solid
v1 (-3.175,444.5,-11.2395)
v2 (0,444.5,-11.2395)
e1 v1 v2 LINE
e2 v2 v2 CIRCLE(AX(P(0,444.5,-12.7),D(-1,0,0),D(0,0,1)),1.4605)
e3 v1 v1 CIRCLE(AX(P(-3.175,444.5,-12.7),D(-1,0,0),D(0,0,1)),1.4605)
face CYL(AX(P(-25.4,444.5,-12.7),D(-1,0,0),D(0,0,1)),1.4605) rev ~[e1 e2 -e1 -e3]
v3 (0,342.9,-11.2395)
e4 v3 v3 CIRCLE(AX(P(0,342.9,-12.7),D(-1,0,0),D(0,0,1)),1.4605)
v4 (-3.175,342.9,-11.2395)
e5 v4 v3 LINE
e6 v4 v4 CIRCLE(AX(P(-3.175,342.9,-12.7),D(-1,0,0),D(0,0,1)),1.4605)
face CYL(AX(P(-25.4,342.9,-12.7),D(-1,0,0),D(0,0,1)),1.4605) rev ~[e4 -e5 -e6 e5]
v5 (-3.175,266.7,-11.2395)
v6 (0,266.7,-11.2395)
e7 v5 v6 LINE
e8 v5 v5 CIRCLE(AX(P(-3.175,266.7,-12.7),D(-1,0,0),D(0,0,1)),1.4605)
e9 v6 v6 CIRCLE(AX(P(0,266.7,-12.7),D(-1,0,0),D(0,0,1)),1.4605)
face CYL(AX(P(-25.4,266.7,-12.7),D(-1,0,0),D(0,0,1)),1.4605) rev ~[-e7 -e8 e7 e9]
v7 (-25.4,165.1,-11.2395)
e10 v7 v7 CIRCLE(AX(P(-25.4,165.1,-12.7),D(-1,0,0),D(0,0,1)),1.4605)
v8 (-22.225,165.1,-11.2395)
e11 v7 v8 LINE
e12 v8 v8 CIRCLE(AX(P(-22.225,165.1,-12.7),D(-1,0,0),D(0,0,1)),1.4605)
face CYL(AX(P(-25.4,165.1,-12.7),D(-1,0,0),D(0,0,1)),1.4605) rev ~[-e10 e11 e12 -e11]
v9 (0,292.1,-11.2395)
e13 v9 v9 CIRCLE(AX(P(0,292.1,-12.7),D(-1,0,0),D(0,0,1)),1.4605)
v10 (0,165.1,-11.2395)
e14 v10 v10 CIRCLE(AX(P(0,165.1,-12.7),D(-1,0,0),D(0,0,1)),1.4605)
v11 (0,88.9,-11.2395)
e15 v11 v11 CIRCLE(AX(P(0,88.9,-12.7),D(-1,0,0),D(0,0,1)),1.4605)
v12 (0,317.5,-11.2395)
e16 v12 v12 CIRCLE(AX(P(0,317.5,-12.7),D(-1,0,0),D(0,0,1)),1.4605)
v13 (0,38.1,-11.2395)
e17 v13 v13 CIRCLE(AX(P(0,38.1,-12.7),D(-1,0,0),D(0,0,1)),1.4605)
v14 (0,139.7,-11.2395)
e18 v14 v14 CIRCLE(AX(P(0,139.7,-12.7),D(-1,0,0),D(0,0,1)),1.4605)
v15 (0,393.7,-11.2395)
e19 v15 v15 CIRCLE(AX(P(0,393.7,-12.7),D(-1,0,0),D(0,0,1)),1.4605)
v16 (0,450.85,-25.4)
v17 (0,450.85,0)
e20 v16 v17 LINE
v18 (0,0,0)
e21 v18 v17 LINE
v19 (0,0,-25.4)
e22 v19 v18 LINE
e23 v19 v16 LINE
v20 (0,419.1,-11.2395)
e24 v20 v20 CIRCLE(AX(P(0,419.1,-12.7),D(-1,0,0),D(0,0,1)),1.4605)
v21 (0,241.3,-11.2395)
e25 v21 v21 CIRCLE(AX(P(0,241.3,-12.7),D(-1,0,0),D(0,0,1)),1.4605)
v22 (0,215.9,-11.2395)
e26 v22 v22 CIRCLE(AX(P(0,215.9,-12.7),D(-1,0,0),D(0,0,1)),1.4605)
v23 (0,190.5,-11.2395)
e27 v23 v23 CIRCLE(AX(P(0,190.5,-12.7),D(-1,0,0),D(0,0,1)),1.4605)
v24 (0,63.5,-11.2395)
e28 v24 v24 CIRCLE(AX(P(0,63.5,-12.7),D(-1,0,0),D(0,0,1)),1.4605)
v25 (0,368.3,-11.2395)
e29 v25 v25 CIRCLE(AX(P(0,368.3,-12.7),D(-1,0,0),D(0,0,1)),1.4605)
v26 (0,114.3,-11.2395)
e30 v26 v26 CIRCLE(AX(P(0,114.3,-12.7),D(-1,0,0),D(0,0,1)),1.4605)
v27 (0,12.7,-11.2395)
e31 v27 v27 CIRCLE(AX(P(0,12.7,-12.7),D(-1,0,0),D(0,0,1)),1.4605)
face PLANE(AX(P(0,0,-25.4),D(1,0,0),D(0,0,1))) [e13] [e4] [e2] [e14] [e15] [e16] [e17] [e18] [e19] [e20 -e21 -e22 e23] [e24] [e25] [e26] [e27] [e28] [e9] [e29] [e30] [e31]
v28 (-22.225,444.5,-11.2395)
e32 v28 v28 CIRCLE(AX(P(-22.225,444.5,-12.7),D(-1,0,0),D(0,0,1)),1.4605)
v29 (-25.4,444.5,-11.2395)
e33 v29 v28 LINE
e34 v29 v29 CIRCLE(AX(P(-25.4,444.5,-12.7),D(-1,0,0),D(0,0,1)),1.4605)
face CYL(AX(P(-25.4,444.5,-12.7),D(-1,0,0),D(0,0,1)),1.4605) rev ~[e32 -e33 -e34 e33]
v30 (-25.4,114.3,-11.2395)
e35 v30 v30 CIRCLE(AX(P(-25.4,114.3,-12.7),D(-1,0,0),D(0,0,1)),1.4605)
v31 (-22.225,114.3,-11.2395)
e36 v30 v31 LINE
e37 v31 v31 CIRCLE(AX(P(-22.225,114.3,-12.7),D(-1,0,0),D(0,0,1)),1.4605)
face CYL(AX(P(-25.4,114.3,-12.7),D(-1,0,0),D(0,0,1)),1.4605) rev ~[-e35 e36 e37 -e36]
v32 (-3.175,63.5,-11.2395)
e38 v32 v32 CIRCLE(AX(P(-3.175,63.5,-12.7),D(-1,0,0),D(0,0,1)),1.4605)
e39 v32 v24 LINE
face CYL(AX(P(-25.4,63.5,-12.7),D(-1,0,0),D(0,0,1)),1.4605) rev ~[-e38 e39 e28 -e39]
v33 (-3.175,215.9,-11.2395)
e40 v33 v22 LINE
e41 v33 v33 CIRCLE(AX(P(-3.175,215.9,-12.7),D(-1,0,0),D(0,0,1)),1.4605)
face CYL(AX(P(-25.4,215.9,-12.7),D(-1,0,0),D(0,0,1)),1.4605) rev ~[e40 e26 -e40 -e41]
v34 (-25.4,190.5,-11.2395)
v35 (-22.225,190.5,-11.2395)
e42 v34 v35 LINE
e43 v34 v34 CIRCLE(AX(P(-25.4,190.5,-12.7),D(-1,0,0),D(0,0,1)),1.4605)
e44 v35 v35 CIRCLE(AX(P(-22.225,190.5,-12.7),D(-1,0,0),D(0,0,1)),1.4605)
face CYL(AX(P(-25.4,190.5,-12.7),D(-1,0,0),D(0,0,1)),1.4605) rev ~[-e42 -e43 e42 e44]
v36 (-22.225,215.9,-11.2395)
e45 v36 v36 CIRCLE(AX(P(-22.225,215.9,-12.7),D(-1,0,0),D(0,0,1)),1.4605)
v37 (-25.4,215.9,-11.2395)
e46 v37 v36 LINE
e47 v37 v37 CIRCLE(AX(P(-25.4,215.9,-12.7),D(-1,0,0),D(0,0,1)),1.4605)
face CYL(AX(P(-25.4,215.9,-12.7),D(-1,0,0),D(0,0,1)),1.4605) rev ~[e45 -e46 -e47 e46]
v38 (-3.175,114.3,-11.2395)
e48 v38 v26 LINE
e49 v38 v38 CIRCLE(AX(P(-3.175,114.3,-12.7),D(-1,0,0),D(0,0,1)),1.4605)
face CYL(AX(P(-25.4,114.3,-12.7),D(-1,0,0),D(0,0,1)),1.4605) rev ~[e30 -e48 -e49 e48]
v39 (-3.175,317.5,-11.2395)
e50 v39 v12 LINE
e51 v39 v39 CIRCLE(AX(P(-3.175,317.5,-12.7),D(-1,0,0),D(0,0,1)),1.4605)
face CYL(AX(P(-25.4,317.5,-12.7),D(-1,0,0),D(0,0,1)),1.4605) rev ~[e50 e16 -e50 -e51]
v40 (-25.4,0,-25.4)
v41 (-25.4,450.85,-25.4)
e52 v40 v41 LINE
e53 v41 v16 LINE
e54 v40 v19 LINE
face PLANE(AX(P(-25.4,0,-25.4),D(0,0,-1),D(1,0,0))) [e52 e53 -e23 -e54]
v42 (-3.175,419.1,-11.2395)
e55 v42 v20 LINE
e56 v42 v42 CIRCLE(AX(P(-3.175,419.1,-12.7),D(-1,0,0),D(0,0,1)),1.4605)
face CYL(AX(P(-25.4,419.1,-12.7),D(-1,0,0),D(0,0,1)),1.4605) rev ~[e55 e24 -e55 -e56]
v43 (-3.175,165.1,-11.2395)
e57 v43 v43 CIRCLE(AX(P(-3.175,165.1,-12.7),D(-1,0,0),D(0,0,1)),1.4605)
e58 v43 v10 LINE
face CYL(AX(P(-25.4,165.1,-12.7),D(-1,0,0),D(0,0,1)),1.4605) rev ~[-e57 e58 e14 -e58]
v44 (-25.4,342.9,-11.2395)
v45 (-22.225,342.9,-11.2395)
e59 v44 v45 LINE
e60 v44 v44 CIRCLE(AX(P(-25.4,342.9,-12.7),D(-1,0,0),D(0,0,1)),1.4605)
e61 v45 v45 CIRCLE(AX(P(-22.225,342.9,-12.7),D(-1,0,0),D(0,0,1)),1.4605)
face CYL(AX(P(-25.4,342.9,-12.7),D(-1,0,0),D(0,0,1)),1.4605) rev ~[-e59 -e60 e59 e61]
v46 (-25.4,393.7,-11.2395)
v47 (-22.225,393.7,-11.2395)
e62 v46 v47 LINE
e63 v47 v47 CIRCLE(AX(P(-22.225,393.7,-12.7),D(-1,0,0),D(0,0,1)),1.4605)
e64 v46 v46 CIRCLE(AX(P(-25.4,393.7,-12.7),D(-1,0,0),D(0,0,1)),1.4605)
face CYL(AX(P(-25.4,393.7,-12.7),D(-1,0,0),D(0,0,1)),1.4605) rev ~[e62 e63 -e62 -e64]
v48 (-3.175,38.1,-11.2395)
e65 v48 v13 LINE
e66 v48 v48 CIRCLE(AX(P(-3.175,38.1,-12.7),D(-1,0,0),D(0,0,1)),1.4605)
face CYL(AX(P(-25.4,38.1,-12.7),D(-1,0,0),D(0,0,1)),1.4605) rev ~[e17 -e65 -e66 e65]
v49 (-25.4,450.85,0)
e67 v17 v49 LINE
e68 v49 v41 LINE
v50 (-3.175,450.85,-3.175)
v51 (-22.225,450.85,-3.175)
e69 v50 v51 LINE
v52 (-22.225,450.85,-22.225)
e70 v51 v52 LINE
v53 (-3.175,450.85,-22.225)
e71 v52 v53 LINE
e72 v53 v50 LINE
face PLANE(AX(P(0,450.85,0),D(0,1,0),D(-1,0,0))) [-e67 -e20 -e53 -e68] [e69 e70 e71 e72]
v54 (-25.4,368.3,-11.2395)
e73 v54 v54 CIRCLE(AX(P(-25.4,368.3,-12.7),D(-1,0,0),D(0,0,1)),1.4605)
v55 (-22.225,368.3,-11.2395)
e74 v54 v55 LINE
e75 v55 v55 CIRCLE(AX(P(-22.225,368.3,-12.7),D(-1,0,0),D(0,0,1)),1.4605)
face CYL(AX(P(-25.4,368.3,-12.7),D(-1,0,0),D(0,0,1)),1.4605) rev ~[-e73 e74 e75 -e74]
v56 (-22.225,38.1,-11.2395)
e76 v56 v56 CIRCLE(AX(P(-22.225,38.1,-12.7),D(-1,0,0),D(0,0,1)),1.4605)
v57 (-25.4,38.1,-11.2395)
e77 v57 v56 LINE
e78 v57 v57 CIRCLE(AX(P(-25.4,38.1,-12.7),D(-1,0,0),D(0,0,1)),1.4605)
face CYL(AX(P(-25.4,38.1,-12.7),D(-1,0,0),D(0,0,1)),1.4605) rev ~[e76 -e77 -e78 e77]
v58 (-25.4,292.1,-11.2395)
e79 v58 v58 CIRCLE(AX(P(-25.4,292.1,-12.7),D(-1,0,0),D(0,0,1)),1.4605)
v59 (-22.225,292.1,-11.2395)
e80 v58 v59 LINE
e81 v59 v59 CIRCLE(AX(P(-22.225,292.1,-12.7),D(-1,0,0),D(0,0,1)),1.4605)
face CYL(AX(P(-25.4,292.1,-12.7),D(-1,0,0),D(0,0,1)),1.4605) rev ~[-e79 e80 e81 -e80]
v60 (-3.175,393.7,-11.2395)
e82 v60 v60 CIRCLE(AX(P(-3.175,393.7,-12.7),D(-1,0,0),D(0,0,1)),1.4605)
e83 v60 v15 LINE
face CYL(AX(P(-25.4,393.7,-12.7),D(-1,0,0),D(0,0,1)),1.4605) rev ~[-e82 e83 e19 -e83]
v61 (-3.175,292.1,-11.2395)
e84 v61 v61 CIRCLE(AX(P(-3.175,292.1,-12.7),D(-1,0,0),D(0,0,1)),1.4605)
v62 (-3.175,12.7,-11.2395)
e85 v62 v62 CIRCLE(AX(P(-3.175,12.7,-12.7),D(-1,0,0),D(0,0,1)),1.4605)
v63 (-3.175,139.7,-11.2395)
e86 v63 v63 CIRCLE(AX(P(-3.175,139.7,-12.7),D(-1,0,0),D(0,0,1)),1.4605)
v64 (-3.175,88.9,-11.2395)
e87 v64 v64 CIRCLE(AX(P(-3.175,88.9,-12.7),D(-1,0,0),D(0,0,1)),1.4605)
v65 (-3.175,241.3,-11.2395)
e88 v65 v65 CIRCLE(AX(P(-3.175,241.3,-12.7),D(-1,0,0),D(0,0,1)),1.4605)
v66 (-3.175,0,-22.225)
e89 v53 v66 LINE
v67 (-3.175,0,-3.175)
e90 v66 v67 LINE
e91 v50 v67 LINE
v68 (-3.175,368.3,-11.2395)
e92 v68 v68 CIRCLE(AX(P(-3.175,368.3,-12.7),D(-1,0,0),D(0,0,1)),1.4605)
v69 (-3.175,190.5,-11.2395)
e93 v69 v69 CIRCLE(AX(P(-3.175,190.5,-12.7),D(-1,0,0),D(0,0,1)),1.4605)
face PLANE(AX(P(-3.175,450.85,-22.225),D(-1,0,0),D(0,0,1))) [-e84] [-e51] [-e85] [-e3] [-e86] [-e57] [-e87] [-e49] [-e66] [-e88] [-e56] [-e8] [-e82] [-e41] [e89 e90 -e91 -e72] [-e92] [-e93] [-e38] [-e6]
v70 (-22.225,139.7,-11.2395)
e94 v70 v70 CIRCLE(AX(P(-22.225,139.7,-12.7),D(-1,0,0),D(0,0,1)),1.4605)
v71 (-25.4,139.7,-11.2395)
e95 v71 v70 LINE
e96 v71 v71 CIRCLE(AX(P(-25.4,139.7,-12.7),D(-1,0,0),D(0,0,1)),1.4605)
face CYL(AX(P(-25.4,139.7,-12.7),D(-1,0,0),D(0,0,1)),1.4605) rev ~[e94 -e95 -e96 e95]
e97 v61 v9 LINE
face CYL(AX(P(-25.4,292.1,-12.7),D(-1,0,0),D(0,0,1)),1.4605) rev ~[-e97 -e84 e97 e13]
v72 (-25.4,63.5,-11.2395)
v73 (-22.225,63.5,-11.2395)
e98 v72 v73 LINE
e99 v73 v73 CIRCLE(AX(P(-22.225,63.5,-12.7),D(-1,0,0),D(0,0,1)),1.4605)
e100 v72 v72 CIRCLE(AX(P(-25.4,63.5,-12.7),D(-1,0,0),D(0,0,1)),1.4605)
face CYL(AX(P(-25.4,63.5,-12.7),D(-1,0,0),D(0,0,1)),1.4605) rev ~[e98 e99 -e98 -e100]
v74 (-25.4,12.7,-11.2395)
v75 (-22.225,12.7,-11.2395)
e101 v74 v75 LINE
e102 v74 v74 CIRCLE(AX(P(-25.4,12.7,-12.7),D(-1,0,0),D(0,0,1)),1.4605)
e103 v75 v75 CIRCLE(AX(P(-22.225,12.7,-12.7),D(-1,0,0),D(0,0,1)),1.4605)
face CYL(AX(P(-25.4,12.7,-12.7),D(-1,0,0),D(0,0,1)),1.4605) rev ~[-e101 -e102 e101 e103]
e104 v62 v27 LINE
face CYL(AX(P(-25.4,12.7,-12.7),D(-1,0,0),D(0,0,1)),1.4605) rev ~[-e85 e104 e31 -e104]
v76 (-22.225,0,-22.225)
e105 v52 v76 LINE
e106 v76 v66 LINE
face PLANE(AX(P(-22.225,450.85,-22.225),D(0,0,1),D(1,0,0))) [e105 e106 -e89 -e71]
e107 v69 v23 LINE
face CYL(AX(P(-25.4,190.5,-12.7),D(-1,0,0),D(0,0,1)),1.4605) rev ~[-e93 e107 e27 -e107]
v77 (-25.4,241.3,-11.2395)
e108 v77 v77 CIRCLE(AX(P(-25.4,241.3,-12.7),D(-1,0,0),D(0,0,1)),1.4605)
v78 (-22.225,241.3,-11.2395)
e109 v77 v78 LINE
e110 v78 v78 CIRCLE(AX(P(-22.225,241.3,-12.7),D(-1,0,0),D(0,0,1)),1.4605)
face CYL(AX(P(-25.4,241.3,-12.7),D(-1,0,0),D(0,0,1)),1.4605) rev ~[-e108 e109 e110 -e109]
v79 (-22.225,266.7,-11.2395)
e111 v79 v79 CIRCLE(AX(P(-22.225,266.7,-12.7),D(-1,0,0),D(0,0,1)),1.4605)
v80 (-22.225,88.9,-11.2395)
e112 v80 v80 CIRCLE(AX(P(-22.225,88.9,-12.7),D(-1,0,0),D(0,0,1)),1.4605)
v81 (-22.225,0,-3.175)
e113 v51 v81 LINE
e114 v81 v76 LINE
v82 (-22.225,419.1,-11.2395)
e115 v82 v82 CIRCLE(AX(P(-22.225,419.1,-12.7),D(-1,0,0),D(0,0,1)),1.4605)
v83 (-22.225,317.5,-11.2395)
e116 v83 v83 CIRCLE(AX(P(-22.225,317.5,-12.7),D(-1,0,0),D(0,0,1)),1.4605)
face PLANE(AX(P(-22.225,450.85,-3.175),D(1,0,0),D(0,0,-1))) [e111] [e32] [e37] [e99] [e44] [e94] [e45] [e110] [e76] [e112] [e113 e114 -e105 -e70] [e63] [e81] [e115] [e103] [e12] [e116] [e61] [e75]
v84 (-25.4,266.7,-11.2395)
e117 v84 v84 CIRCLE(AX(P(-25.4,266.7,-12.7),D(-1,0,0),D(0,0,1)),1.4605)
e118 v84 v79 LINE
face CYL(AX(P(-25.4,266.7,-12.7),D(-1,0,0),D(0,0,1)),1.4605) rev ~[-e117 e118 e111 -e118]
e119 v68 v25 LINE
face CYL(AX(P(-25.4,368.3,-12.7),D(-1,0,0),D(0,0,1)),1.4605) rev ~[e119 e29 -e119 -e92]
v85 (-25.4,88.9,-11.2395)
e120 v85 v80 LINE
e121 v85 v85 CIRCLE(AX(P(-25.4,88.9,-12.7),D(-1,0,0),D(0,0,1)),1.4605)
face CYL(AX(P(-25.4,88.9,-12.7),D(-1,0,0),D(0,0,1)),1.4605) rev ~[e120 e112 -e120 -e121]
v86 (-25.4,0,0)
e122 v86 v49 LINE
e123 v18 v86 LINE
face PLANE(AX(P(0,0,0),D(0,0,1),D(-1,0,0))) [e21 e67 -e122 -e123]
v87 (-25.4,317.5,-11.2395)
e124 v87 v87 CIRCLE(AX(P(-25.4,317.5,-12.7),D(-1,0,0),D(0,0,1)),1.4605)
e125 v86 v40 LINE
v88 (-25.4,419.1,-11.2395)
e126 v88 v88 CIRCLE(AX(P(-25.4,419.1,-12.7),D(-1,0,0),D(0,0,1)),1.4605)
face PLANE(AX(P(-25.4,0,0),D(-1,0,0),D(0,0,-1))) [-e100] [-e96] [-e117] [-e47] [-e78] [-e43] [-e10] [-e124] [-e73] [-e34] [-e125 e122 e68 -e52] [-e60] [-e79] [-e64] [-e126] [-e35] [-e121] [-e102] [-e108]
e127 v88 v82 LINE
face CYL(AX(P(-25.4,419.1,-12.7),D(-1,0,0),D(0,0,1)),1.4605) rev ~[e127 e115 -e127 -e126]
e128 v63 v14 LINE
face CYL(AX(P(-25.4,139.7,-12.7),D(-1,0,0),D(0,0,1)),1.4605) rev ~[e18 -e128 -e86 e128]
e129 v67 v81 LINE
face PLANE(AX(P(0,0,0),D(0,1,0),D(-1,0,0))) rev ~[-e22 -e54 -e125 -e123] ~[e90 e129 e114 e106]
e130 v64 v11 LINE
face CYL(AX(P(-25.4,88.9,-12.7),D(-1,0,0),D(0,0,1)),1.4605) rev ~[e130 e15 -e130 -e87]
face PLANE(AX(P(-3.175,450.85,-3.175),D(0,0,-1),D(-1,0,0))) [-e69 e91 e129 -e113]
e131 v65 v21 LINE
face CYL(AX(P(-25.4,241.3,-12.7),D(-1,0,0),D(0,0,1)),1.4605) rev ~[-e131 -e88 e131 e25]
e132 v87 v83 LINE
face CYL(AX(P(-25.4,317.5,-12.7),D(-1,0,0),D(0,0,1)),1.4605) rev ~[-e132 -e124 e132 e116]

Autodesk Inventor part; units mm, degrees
ref_plane "YZ Plane" through (0, 0, 0) normal (1, 0, 0) x (0, 1, 0)
ref_plane "XZ Plane" through (0, 0, 0) normal (0, 1, 0) x (-1, 0, 0)
ref_plane "XY Plane" through (0, 0, 0) normal (0, 0, 1) x (1, 0, 0)
sketch "Sketch1" plane through (0, 0, 0) normal (0, 1, 0) x (-1, 0, 0)
  line L0 (0, 0) -> (25.4, 0)
  line L1 (25.4, 0) -> (25.4, -25.4)
  line L2 (25.4, -25.4) -> (0, -25.4)
  line L3 (0, -25.4) -> (0, 0)
  dimension "d0" = 25.4
  dimension "d1" = 25.4
extrude "Extrusion1" add sketch "Sketch1" along normal blind 450.85
sketch "Sketch2" plane through (0, 450.85, 0) normal (0, 1, 0) x (1, 0, 0)
  line L0 (-3.175, 3.175) -> (-22.225, 3.175)
  line L1 (-22.225, 3.175) -> (-22.225, 22.225)
  line L2 (-22.225, 22.225) -> (-3.175, 22.225)
  line L3 (-3.175, 22.225) -> (-3.175, 3.175)
  line L4 (0, 25.4) -> (-25.4, 25.4) projected
  line L5 (-25.4, 25.4) -> (-25.4, 0) projected
  line L6 (-25.4, 0) -> (0, 0) projected
  line L7 (0, 0) -> (0, 25.4) projected
  dimension "d4" = 3.175
  dimension "d5" = 3.175
  dimension "d6" = 3.175
  dimension "d7" = 3.175
extrude "Extrusion2" cut sketch "Sketch2" against normal blind 450.85 contours L0 L1 L2 L3
sketch "Sketch3" plane through (-25.4, 0, -25.4) normal (-1, 0, 0) x (0, 0, 1)
  circle A0 centre (12.7, 12.7) radius 1.4605
  line L0 (0, 0) -> (0, 450.85) projected
  line L1 (25.4, 0) -> (0, 0) projected
  circle A1 centre (12.7, 38.1) radius 1.4605
  circle A2 centre (12.7, 63.5) radius 1.4605
  circle A3 centre (12.7, 88.9) radius 1.4605
  circle A4 centre (12.7, 114.3) radius 1.4605
  circle A5 centre (12.7, 139.7) radius 1.4605
  circle A6 centre (12.7, 165.1) radius 1.4605
  circle A7 centre (12.7, 190.5) radius 1.4605
  circle A8 centre (12.7, 215.9) radius 1.4605
  circle A9 centre (12.7, 241.3) radius 1.4605
  circle A10 centre (12.7, 266.7) radius 1.4605
  circle A11 centre (12.7, 292.1) radius 1.4605
  circle A12 centre (12.7, 317.5) radius 1.4605
  circle A13 centre (12.7, 342.9) radius 1.4605
  circle A14 centre (12.7, 368.3) radius 1.4605
  circle A15 centre (12.7, 393.7) radius 1.4605
  circle A16 centre (12.7, 419.1) radius 1.4605
  circle A17 centre (12.7, 444.5) radius 1.4605
  dimension "d10" = 2.921
  dimension "d11" = 12.7
  dimension "d12" = 12.7
  dimension "d15" = 25.4
extrude "Extrusion3" cut sketch "Sketch3" against normal blind 25.4
equation "\"BendRadius\" = Thickness"
equation "\"BendReliefWidth\" = Thickness"
equation "\"BendReliefDepth\" = 0.5 * Thickness"
equation "\"CornerReliefSize\" = 4 * Thickness"
equation "\"MinimumRemnant\" = 2 * Thickness"
equation "\"TransitionRadius\" = BendRadius"
equation "\"JacobiRadiusSize\" = BendRadius"
equation "\"GapSize\" = Thickness"
equation "\"Thickness\" = 3.048"
properties part number "lil silver hangy thing"
